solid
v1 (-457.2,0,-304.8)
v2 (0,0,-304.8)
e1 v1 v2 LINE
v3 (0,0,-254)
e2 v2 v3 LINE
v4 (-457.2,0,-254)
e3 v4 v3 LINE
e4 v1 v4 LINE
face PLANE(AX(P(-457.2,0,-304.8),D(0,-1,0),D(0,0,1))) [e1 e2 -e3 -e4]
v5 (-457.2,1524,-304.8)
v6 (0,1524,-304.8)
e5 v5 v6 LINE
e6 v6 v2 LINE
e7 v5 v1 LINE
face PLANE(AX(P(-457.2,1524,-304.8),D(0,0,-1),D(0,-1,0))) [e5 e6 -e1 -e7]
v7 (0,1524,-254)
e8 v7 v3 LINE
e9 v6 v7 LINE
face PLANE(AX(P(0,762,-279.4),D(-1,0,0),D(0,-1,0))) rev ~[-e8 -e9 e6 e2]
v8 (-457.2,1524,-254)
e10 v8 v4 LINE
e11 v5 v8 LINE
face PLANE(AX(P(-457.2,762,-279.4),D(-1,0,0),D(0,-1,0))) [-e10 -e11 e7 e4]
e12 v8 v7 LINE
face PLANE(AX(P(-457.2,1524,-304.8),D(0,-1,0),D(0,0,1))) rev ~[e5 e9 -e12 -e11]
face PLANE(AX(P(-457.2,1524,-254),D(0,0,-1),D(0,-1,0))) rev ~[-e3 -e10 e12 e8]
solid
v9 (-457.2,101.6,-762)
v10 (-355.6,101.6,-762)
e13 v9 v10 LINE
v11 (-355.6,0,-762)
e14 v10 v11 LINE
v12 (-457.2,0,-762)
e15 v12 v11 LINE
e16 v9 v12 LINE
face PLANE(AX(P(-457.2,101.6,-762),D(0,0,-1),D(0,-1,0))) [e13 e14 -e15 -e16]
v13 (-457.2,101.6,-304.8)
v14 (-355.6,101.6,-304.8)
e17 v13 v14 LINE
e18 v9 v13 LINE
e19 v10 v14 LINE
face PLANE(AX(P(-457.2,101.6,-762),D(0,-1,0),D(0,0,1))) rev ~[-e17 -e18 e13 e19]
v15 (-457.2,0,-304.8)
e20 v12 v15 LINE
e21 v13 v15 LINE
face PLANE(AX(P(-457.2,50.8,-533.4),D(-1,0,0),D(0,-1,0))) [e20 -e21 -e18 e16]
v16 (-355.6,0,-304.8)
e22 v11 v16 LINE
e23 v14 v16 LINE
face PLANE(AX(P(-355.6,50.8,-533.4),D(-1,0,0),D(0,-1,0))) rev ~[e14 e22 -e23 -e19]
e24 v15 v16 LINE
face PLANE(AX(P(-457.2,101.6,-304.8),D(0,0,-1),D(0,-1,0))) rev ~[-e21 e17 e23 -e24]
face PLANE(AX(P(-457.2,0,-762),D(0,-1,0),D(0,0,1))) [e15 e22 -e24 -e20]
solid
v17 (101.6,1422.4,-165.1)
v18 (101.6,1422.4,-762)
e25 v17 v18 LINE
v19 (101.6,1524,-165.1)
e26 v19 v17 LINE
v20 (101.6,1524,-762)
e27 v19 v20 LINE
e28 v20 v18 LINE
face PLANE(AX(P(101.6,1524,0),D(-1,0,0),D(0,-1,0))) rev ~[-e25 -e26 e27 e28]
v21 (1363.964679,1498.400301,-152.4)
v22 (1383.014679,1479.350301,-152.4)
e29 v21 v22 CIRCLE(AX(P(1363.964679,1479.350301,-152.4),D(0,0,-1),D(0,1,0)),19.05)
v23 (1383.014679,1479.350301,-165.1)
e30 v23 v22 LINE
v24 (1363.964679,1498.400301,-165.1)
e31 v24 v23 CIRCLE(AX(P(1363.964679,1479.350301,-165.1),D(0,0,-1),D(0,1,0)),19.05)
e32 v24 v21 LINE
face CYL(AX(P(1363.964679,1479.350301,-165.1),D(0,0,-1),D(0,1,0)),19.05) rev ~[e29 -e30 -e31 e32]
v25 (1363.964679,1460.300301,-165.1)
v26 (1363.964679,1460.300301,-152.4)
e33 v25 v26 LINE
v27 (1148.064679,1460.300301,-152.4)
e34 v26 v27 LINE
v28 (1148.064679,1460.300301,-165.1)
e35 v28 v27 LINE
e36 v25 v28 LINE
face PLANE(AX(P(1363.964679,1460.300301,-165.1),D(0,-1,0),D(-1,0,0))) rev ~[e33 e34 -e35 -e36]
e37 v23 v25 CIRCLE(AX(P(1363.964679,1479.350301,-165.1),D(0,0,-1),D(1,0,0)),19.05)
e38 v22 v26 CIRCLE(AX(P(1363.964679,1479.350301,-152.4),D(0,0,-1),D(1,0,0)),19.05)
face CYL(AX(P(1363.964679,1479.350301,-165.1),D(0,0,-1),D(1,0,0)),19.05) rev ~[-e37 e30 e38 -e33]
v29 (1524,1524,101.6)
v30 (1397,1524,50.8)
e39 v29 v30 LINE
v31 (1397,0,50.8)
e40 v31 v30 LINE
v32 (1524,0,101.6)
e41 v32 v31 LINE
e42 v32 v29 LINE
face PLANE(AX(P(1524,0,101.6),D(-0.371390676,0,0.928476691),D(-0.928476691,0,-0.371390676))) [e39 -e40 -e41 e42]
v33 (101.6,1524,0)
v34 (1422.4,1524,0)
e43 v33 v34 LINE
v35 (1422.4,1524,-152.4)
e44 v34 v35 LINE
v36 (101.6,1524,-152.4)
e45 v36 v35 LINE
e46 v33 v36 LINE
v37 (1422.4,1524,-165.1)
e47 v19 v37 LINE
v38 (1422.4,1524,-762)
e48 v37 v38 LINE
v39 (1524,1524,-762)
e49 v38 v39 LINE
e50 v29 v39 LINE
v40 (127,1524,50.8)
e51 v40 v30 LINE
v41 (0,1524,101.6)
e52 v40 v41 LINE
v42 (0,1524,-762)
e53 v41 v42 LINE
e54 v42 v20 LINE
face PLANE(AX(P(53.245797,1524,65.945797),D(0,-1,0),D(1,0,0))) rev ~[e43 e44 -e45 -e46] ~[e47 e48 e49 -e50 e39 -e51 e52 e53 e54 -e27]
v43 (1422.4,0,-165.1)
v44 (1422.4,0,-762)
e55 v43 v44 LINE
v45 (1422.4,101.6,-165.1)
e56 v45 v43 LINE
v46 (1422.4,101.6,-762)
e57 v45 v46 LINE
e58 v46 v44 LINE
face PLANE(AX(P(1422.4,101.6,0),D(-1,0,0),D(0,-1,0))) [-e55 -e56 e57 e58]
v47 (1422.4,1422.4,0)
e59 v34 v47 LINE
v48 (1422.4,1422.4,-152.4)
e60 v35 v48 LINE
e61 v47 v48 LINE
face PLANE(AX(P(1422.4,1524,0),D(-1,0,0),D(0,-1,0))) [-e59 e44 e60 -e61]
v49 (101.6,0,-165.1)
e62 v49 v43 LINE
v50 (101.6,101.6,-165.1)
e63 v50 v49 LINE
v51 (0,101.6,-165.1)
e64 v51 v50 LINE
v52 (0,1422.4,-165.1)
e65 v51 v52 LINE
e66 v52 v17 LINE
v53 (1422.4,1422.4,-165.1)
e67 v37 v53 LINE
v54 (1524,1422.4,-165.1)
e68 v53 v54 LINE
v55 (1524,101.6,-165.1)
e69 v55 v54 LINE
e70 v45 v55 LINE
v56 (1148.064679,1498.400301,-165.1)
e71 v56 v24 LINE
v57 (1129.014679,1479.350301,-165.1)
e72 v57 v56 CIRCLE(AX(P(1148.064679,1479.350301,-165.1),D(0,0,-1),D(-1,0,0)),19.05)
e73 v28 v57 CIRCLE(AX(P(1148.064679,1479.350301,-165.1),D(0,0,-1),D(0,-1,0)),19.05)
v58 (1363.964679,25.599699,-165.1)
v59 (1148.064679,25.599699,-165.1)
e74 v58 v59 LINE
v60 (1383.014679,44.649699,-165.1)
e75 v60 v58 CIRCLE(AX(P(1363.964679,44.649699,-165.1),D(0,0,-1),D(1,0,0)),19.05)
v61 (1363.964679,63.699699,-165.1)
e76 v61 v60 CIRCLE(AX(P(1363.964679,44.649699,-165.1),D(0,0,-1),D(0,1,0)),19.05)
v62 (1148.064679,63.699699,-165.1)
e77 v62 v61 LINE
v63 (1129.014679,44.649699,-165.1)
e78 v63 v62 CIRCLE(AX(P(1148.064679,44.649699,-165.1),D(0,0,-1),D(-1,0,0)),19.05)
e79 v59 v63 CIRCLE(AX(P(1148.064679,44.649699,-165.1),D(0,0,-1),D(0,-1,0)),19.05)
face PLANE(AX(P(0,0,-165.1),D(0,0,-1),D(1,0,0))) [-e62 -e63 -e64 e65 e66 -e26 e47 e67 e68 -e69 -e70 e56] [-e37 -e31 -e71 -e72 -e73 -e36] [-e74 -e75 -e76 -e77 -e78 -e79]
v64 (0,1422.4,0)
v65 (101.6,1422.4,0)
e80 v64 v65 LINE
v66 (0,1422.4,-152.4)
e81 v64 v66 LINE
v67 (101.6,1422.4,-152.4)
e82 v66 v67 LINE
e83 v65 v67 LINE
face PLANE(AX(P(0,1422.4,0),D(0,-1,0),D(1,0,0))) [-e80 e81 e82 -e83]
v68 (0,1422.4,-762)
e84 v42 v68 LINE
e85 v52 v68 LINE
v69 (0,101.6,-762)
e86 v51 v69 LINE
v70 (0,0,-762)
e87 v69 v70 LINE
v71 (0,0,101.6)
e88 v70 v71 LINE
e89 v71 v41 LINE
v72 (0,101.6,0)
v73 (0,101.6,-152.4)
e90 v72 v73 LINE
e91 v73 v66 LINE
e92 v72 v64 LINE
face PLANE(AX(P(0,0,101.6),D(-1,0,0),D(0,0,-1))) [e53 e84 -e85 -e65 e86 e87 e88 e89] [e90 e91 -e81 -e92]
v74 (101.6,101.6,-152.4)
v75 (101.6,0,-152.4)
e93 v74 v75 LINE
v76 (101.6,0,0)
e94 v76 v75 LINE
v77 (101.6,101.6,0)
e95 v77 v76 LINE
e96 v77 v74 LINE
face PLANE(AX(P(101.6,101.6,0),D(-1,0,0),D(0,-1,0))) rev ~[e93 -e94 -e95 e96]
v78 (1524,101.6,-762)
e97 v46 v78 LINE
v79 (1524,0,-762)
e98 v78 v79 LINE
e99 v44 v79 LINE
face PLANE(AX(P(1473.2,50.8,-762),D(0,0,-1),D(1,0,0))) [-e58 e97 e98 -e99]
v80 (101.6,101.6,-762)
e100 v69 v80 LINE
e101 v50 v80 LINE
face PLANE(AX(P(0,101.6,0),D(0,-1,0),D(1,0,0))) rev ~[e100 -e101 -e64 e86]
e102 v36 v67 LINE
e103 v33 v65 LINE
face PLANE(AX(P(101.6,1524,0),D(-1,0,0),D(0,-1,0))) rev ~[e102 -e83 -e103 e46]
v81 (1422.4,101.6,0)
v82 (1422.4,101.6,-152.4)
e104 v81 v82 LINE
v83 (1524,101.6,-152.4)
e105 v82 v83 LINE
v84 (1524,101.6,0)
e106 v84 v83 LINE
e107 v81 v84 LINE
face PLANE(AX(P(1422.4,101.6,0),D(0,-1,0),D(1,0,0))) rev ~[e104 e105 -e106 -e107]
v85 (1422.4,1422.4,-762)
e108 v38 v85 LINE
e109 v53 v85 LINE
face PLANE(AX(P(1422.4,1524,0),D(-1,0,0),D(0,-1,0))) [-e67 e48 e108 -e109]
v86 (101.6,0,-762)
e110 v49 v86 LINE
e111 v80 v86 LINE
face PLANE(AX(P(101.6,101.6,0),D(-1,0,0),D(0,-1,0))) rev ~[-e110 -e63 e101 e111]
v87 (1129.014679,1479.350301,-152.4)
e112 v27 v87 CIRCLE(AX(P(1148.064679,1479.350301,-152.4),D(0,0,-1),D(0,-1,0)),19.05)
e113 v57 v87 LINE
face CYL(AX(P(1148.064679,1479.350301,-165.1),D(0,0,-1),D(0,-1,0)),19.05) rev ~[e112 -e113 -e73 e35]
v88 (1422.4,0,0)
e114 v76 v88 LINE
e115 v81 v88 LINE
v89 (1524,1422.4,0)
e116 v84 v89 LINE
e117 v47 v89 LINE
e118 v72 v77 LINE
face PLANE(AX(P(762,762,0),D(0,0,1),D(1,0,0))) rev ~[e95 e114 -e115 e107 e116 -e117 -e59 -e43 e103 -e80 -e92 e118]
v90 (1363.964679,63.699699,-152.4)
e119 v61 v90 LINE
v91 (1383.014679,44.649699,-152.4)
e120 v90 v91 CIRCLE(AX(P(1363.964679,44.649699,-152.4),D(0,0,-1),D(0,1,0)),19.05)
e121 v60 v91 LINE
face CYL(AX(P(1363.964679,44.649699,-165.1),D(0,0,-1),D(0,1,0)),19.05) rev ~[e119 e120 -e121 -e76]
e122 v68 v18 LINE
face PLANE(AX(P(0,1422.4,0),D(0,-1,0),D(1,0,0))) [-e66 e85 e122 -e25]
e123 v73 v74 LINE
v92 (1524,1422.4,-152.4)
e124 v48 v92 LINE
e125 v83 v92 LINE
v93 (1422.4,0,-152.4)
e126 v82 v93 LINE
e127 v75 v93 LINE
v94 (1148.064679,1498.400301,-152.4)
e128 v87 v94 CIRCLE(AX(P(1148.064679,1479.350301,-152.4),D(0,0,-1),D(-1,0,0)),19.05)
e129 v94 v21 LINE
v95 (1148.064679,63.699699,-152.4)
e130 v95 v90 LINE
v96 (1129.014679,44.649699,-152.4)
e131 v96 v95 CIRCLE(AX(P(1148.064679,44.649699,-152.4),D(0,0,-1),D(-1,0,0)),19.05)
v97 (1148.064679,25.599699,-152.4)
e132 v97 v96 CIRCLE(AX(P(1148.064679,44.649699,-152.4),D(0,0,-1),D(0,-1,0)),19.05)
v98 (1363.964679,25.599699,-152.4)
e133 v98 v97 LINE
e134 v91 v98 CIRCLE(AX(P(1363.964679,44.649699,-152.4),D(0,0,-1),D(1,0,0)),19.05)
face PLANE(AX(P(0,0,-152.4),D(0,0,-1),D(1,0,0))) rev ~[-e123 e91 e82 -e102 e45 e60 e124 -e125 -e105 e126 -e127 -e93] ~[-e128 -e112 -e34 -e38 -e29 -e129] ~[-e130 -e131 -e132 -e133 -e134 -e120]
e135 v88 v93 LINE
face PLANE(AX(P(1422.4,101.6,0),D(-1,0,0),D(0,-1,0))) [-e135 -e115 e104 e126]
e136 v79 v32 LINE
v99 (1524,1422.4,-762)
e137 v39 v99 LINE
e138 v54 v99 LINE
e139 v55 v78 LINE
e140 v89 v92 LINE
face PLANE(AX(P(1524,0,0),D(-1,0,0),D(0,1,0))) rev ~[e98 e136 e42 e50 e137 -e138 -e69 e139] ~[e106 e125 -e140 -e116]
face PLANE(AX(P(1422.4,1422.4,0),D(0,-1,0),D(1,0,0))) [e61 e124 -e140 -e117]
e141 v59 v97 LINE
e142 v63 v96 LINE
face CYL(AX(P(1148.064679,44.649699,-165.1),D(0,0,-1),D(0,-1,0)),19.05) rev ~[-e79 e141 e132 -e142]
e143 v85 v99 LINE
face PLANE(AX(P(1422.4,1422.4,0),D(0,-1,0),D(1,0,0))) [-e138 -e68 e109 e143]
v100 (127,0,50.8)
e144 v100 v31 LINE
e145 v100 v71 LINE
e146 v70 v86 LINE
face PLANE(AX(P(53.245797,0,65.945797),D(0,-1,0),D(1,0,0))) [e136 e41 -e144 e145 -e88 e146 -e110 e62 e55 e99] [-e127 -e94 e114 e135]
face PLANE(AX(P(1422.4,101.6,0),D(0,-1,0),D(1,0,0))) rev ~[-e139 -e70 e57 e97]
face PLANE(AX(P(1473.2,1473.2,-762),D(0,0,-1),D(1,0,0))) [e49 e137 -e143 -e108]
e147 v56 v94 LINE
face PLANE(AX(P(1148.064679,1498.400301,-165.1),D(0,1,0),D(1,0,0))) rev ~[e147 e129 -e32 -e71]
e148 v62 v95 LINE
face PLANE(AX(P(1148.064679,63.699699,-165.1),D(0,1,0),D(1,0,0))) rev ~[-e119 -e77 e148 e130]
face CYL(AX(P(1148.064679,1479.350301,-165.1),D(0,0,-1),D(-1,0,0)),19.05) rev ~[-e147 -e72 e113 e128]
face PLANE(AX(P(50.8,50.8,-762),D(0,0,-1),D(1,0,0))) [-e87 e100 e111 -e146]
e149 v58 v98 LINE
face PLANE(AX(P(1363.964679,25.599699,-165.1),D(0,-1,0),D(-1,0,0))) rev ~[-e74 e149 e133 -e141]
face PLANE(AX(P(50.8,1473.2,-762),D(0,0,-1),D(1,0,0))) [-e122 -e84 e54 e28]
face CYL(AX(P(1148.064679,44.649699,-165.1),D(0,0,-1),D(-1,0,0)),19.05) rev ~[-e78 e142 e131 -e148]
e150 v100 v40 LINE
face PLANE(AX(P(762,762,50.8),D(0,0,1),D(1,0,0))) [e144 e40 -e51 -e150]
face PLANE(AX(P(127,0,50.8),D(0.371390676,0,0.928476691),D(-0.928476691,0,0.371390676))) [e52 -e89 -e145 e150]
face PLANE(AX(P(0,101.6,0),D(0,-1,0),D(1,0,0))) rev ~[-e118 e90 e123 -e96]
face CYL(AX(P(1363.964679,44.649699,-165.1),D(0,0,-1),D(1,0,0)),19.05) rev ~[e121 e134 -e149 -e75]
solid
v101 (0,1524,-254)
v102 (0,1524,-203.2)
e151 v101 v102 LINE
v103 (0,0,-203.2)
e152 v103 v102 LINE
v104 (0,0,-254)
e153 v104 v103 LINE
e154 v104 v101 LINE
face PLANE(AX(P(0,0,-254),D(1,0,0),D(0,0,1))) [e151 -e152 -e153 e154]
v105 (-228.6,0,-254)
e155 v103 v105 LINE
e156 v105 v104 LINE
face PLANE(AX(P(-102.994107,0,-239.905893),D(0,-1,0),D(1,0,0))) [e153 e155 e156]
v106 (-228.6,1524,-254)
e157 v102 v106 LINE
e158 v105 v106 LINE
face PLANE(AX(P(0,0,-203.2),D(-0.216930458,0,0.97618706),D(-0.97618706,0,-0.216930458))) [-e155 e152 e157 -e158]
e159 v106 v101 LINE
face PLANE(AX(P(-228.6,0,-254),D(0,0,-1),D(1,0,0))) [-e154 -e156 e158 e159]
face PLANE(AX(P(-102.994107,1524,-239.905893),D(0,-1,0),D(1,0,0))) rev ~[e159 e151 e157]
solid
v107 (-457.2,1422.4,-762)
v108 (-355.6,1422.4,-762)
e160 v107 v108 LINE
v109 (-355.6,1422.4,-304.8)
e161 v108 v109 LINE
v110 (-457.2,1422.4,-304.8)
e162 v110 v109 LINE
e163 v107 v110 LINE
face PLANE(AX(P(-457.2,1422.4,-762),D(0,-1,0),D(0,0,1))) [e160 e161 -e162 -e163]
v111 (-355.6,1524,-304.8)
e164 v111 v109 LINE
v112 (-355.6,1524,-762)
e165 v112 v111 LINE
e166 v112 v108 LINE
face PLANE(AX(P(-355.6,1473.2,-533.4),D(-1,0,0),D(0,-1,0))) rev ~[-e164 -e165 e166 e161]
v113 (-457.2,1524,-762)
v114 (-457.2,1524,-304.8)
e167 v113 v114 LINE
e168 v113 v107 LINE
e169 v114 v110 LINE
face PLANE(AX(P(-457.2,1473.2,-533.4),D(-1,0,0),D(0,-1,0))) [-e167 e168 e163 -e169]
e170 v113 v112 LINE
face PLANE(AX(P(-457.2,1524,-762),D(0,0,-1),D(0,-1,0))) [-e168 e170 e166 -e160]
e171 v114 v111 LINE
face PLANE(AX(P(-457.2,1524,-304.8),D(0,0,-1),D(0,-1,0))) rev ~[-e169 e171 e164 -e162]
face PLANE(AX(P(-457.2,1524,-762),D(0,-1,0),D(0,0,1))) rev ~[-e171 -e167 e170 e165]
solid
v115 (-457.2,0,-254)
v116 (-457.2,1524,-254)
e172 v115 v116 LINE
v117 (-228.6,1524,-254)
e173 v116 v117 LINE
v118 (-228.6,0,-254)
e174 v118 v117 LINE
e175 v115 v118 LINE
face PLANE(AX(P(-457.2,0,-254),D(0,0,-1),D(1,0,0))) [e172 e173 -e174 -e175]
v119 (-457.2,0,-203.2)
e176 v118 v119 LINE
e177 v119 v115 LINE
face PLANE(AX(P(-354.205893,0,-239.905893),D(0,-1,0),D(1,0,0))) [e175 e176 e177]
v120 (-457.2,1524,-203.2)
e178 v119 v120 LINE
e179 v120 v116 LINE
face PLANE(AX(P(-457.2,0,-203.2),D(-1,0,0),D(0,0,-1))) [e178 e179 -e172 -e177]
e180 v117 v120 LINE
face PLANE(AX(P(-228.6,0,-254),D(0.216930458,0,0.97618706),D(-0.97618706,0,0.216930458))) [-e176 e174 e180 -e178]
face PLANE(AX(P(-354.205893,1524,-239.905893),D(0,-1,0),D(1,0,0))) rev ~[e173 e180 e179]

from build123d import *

# Parameters (mm, degrees)
F0_W      = 1524
F0_H      = 1524
F1_DEPTH  = 50.8
F2_W      = 101.6
F2_H      = 101.6
F3_DEPTH  = 762
F4_W      = 1524
F4_H      = 12.7
F5_DEPTH  = 1524
F7_DEPTH  = 25.4
F9_DEPTH  = 1524
F11_W     = 101.6
F11_H     = 457.2
F12_DEPTH = 101.6
F13_W     = 1524
F13_H     = 50.8
F14_DEPTH = 457.2
F16_DEPTH = 1524


with BuildPart() as f1:
    # F0 (on Top) → F1 (new body)
    with BuildSketch(Plane.XY):
        with Locations((762, 762)):
            Rectangle(F0_W, F0_H)
    extrude(amount=F1_DEPTH)

    # F2 (on face) → F3 (join)
    with BuildSketch(Plane(origin=(0, 0, 0), x_dir=(1, 0, 0), z_dir=(0, 0, -1))):
        with Locations((50.8, -50.8)):
            Rectangle(F2_W, F2_H)
        with Locations((1473.2, -50.8)):
            Rectangle(F2_W, F2_H)
        with Locations((1473.2, -1473.2)):
            Rectangle(F2_W, F2_H)
        with Locations((50.8, -1473.2)):
            Rectangle(F2_W, F2_H)
    extrude(amount=F3_DEPTH)

    # F4 (on Front) → F5 (join)
    with BuildSketch(Plane.XZ):
        with Locations((762, -158.75)):
            Rectangle(F4_W, F4_H)
    extrude(amount=-F5_DEPTH)

    # F6 (on face) → F7 (cut)
    with BuildSketch(Plane(origin=(0, 0, -165.1), x_dir=(1, 0, 0), z_dir=(0, 0, -1))):
        with BuildLine():
            Line((1363.9646789551, -25.5996988535), (1148.0646789551, -25.5996988535))
            ThreePointArc((1148.0646789551, -25.5996988535), (1134.5942947735, -31.1793146719), (1129.0146789551, -44.6496988535))
            ThreePointArc((1129.0146789551, -44.6496988535), (1134.5942947735, -58.1200830351), (1148.0646789551, -63.6996988535))
            Line((1148.0646789551, -63.6996988535), (1363.9646789551, -63.6996988535))
            ThreePointArc((1363.9646789551, -63.6996988535), (1377.4350631367, -58.1200830351), (1383.0146789551, -44.6496988535))
            ThreePointArc((1383.0146789551, -44.6496988535), (1377.4350631367, -31.1793146719), (1363.9646789551, -25.5996988535))
        make_face()
        with BuildLine():
            Line((1363.9646789551, -1460.3003011465), (1148.0646789551, -1460.3003011465))
            ThreePointArc((1148.0646789551, -1460.3003011465), (1134.5942947735, -1465.8799169649), (1129.0146789551, -1479.3503011465))
            ThreePointArc((1129.0146789551, -1479.3503011465), (1134.5942947735, -1492.8206853281), (1148.0646789551, -1498.4003011465))
            Line((1148.0646789551, -1498.4003011465), (1363.9646789551, -1498.4003011465))
            ThreePointArc((1363.9646789551, -1498.4003011465), (1377.4350631367, -1492.8206853281), (1383.0146789551, -1479.3503011465))
            ThreePointArc((1383.0146789551, -1479.3503011465), (1377.4350631367, -1465.8799169649), (1363.9646789551, -1460.3003011465))
        make_face()
    extrude(amount=-F7_DEPTH, mode=Mode.SUBTRACT)

    # F8 (on Front) → F9 (join)
    with BuildSketch(Plane.XZ):
        Polygon((0, 101.6), (0, 50.8), (127, 50.8), align=None)
        Polygon((1524, 101.6), (1397, 50.8), (1524, 50.8), align=None)
    extrude(amount=-F9_DEPTH)


with BuildPart() as f12:
    # F11 (on offset) → F12 (new body)
    with BuildSketch(Plane(origin=(-457.2, 0, 0), x_dir=(0, -1, 0), z_dir=(-1, 0, 0))):
        with Locations((-50.8, -533.4)):
            Rectangle(F11_W, F11_H)
    extrude(amount=-F12_DEPTH)


with BuildPart() as f12b:
    # F11 (on offset) → F12, piece 2 (new body)
    with BuildSketch(Plane(origin=(-457.2, 0, 0), x_dir=(0, -1, 0), z_dir=(-1, 0, 0))):
        with Locations((-1473.2, -533.4)):
            Rectangle(F11_W, F11_H)
    extrude(amount=-F12_DEPTH)


with BuildPart() as f14:
    # F13 (on offset) → F14 (new body)
    with BuildSketch(Plane(origin=(-457.2, 0, 0), x_dir=(0, -1, 0), z_dir=(-1, 0, 0))):
        with Locations((-762, -279.4)):
            Rectangle(F13_W, F13_H)
    extrude(amount=-F14_DEPTH)


with BuildPart() as f16:
    # F15 (on face) → F16 (new body)
    with BuildSketch(Plane.XZ):
        Polygon((0, -203.2), (-228.6, -254), (0, -254), align=None)
    extrude(amount=-F16_DEPTH)


with BuildPart() as f16b:
    # F15 (on face) → F16, piece 2 (new body)
    with BuildSketch(Plane.XZ):
        Polygon((-457.2, -203.2), (-457.2, -254), (-228.6, -254), align=None)
    extrude(amount=-F16_DEPTH)


solid = Compound([f1.part, f12.part, f12b.part, f14.part, f16.part, f16b.part])
